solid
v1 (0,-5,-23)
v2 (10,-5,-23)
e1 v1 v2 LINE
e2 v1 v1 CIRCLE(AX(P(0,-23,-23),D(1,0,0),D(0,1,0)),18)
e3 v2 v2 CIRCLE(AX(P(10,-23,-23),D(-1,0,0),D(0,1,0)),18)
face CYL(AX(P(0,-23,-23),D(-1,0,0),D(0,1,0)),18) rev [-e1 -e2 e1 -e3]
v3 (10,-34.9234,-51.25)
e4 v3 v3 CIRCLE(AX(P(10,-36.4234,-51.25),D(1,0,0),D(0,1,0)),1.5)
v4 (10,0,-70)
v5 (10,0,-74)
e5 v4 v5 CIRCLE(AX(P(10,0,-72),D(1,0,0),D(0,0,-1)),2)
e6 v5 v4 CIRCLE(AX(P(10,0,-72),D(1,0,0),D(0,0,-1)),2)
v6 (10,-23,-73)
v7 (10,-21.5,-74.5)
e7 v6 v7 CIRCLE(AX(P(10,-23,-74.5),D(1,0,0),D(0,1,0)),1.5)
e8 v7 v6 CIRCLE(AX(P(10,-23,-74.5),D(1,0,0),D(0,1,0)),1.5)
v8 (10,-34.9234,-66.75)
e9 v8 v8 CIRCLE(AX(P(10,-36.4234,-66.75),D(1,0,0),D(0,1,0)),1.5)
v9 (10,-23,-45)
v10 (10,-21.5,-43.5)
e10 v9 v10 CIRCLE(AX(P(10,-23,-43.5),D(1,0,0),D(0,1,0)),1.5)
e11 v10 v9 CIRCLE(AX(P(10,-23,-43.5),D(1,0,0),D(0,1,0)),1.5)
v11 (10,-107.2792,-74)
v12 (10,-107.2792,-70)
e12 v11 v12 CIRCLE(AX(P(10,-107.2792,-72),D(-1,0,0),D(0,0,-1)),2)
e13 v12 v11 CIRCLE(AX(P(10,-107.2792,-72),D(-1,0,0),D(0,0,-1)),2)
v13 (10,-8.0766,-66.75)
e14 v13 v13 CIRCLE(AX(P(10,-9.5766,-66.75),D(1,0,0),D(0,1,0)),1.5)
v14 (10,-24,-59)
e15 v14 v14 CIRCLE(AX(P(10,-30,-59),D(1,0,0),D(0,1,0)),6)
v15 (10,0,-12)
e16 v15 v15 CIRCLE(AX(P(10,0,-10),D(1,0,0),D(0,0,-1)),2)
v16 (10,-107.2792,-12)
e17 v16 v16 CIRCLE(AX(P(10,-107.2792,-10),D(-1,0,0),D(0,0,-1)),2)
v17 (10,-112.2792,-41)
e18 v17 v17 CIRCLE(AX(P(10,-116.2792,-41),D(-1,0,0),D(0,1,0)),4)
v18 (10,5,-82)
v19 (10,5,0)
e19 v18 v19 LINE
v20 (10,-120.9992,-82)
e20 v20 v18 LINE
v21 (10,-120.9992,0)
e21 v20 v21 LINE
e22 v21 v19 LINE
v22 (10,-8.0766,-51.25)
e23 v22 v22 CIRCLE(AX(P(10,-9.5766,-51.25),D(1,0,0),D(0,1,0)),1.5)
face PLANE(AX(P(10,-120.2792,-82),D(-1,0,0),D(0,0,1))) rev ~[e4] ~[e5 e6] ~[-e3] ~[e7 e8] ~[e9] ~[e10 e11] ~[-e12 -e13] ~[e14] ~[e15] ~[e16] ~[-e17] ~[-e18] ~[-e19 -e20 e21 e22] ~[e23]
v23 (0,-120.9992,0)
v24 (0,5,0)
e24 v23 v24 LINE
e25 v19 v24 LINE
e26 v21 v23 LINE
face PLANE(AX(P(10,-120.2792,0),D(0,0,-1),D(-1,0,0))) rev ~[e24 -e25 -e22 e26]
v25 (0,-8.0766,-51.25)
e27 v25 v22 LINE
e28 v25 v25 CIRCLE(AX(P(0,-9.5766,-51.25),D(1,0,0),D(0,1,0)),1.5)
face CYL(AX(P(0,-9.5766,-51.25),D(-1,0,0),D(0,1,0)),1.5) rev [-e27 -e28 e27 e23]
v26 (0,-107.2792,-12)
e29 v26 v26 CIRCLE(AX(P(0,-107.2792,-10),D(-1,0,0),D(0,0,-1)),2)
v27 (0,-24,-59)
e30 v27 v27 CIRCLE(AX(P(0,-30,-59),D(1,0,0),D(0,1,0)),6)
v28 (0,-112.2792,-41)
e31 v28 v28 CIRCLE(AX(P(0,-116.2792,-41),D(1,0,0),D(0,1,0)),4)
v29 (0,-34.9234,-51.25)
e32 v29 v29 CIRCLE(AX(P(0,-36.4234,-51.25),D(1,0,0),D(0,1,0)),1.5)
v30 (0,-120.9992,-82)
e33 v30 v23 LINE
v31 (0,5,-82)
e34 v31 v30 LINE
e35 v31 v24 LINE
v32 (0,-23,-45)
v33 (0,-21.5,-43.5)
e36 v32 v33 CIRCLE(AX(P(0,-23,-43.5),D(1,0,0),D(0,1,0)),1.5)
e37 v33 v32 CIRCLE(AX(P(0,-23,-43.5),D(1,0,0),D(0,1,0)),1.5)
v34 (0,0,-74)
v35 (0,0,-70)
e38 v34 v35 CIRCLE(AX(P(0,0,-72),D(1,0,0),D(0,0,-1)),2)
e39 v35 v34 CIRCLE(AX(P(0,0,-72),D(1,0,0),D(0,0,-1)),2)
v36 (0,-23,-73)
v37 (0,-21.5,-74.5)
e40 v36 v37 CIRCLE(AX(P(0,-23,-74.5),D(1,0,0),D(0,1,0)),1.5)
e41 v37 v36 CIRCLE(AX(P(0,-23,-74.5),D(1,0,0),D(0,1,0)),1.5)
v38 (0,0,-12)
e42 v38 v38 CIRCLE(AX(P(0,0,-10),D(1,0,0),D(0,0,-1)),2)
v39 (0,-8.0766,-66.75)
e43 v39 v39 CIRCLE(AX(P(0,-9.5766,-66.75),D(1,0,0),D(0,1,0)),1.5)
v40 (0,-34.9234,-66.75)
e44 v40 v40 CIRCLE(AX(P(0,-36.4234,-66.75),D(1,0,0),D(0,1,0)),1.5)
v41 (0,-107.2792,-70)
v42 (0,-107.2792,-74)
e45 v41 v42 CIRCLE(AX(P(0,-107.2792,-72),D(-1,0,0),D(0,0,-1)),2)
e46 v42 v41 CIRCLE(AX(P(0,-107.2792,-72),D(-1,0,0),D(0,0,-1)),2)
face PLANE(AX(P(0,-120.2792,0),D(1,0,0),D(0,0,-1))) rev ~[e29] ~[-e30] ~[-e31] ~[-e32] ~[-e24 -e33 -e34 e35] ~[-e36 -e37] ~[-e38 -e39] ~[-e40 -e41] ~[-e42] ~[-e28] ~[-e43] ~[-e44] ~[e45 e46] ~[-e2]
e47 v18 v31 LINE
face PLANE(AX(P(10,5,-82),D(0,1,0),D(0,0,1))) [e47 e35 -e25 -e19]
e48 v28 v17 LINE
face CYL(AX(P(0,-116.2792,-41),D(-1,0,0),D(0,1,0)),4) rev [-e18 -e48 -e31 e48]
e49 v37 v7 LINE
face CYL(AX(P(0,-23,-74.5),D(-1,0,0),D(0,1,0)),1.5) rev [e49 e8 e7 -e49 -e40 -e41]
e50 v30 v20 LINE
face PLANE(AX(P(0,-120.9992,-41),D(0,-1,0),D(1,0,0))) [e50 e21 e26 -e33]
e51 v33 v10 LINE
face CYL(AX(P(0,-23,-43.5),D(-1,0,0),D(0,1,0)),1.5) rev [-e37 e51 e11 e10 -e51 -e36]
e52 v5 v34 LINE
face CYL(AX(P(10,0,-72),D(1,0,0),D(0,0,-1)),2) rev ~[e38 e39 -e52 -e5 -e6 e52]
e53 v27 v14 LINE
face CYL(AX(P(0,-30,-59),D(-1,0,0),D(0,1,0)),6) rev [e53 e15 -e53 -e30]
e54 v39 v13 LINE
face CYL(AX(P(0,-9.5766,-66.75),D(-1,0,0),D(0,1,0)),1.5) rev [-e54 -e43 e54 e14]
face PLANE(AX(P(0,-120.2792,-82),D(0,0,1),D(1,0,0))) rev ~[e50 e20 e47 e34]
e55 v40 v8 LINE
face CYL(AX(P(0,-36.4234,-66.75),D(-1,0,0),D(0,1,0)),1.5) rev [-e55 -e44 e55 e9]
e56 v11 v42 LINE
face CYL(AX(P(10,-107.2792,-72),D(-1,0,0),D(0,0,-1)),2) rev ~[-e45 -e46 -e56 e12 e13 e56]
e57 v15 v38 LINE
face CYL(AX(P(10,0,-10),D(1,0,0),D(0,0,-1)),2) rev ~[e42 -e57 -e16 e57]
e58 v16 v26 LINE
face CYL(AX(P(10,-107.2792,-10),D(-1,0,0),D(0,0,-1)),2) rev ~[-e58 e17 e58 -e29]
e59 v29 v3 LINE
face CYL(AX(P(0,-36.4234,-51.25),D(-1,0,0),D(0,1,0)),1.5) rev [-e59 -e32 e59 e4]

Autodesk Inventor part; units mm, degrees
ref_plane "YZ Plane" through (0, 0, 0) normal (1, 0, 0) x (0, 1, 0)
ref_plane "XZ Plane" through (0, 0, 0) normal (0, 1, 0) x (-1, 0, 0)
ref_plane "XY Plane" through (0, 0, 0) normal (0, 0, 1) x (1, 0, 0)
sketch "Esquisse1" plane through (0, 0, 0) normal (1, 0, 0) x (0, 1, 0)
  line L0 (0, 0) -> (-126, 0)
  line L1 (-126, -82) -> (0, -82)
  circle A0 centre (-23, -23) radius 18
  circle A1 centre (-23, -59) radius 18
  circle A2 centre (-116.2792, -41) radius 4
  line L2 (-120.2792, 0) -> (-120.2792, -82)
  circle A3 centre (-30, -59) radius 6
  circle A4 centre (-23, -43.5) radius 1.5
  circle A5 centre (-23, -74.5) radius 1.5
  circle A6 centre (-9.5766, -51.25) radius 1.5
  circle A7 centre (-9.5766, -66.75) radius 1.5
  line L3 (-23, -59) -> (-30, -59)
  line L4 (-23, -59) -> (-23, -43.5)
  line L5 (-23, -59) -> (-23, -74.5)
  circle A8 centre (-36.4234, -51.25) radius 1.5
  circle A9 centre (-36.4234, -66.75) radius 1.5
  line L6 (0, -82) -> (5, -82)
  line L7 (5, -82) -> (5, 0)
  line L8 (5, 0) -> (0, 0)
  line L9 (-5, -82) -> (-5, 0)
  line L10 (0, -72) -> (0, -10)
  circle A10 centre (0, -72) radius 2
  circle A11 centre (0, -10) radius 2
  line L11 (5, 0) -> (0, 0)
  line L12 (5, -82) -> (-5, -82)
  line L13 (-107.2792, -10) -> (-107.2792, -72)
  circle A12 centre (-107.2792, -10) radius 2
  circle A13 centre (-107.2792, -72) radius 2
  line L14 (-120.2792, 0) -> (-126, 0)
  line L15 (-126, 0) -> (-126, -82)
  line L16 (-126, -82) -> (-120.2792, -82)
  line L17 (-120.2792, -82) -> (-120.2792, 0)
  dimension "d0" = 82
  dimension "d2" = 36
  dimension "d3" = 23
  dimension "d4" = 36
  dimension "d5" = 23
  dimension "d6" = 8
  dimension "d7" = 95
  dimension "d8" = 41
  dimension "d12" = 4
  dimension "d13" = 12
  dimension "d14" = 7
  dimension "d15" = 3
  dimension "d16" = 15.5
  dimension "d17" = 3
  dimension "d18" = 15.5
  dimension "d19" = 3
  dimension "d20" = 3
  dimension "d21" = 60
  dimension "d22" = 60
  dimension "d23" = 15.5
  dimension "d25" = 0
  dimension "d26" = 15.5
  dimension "d27" = 3
  dimension "d28" = 3
  dimension "d29" = 15.5
  dimension "d30" = 15.5
  dimension "d31" = 60
  dimension "d32" = 60
  dimension "d38" = 82
  dimension "d39" = 28
  dimension "d40" = 10
  dimension "d41" = 5
  dimension "d42" = 62
  dimension "d43" = 10
  dimension "d44" = 4
  dimension "d45" = 4
  dimension "d46" = 5
  dimension "d47" = 82
  dimension "d48" = 10
  dimension "d49" = 28
  dimension "d61" = 62
  dimension "d62" = 13
  dimension "d63" = 10
  dimension "d64" = 4
  dimension "d65" = 4
  dimension "d76" = 126
  dimension "d77" = 126
extrude "Extrusion1" add sketch "Esquisse1" along normal blind 10 contours L9 A0 A1 L1 L2 L0 | L9 A1 A0 | A1 | A13 | A12
sketch "Esquisse2" plane through (10, -23, -23) normal (1, 0, 0) x (0, 0, -1)
  line L0 (0, 18) -> (-23, 18) projected
  line L1 (-23, 18) -> (59, 18)
  line L2 (59, 18) -> (59, 28)
  line L3 (59, 28) -> (-23, 28)
  line L4 (-23, 28) -> (-23, 18)
  line L5 (-13, 23) -> (49, 23)
  circle A0 centre (-13, 23) radius 2
  circle A1 centre (49, 23) radius 2
  point P0 (-23, 23)
  dimension "d52" = 82
  dimension "d53" = 10
  dimension "d54" = 62
  dimension "d55" = 10
  dimension "d56" = 4
  dimension "d57" = 4
  dimension "d58" = 5
extrude "Extrusion2" add sketch "Esquisse2" against normal blind 10
sketch "Esquisse3" plane through (10, -116.2792, -41) normal (1, 0, 0) x (0, 0, -1)
  line L0 (-31, 9) -> (31, 9)
  line L1 (-41, 121.2792) -> (-41, -4) projected
  line L2 (-41, -4) -> (0, -4) projected
  point P0 (-41, 116.2792)
  dimension "d66" = 62
  dimension "d67" = 10
  dimension "d68" = 13
hole "Perçage1" at (10, -107.2792, -10) at (10, -107.2792, -72) direction (-1, 0, 0) diameter 4 end through all
sketch "Esquisse4" plane through (0, -120.2792, -41) normal (0, -1, 0) x (1, 0, 0)
  line L0 (0, 0) -> (0, -41) projected
  line L1 (10, 41) -> (0, 41)
  line L2 (0, 41) -> (0, -41)
  line L3 (0, -41) -> (10, -41)
  line L4 (10, -41) -> (10, 41)
  dimension "d78" = 10
  dimension "d79" = 82
extrude "Extrusion3" add sketch "Esquisse4" along normal blind 0.72
properties part number "paroismoteur"
